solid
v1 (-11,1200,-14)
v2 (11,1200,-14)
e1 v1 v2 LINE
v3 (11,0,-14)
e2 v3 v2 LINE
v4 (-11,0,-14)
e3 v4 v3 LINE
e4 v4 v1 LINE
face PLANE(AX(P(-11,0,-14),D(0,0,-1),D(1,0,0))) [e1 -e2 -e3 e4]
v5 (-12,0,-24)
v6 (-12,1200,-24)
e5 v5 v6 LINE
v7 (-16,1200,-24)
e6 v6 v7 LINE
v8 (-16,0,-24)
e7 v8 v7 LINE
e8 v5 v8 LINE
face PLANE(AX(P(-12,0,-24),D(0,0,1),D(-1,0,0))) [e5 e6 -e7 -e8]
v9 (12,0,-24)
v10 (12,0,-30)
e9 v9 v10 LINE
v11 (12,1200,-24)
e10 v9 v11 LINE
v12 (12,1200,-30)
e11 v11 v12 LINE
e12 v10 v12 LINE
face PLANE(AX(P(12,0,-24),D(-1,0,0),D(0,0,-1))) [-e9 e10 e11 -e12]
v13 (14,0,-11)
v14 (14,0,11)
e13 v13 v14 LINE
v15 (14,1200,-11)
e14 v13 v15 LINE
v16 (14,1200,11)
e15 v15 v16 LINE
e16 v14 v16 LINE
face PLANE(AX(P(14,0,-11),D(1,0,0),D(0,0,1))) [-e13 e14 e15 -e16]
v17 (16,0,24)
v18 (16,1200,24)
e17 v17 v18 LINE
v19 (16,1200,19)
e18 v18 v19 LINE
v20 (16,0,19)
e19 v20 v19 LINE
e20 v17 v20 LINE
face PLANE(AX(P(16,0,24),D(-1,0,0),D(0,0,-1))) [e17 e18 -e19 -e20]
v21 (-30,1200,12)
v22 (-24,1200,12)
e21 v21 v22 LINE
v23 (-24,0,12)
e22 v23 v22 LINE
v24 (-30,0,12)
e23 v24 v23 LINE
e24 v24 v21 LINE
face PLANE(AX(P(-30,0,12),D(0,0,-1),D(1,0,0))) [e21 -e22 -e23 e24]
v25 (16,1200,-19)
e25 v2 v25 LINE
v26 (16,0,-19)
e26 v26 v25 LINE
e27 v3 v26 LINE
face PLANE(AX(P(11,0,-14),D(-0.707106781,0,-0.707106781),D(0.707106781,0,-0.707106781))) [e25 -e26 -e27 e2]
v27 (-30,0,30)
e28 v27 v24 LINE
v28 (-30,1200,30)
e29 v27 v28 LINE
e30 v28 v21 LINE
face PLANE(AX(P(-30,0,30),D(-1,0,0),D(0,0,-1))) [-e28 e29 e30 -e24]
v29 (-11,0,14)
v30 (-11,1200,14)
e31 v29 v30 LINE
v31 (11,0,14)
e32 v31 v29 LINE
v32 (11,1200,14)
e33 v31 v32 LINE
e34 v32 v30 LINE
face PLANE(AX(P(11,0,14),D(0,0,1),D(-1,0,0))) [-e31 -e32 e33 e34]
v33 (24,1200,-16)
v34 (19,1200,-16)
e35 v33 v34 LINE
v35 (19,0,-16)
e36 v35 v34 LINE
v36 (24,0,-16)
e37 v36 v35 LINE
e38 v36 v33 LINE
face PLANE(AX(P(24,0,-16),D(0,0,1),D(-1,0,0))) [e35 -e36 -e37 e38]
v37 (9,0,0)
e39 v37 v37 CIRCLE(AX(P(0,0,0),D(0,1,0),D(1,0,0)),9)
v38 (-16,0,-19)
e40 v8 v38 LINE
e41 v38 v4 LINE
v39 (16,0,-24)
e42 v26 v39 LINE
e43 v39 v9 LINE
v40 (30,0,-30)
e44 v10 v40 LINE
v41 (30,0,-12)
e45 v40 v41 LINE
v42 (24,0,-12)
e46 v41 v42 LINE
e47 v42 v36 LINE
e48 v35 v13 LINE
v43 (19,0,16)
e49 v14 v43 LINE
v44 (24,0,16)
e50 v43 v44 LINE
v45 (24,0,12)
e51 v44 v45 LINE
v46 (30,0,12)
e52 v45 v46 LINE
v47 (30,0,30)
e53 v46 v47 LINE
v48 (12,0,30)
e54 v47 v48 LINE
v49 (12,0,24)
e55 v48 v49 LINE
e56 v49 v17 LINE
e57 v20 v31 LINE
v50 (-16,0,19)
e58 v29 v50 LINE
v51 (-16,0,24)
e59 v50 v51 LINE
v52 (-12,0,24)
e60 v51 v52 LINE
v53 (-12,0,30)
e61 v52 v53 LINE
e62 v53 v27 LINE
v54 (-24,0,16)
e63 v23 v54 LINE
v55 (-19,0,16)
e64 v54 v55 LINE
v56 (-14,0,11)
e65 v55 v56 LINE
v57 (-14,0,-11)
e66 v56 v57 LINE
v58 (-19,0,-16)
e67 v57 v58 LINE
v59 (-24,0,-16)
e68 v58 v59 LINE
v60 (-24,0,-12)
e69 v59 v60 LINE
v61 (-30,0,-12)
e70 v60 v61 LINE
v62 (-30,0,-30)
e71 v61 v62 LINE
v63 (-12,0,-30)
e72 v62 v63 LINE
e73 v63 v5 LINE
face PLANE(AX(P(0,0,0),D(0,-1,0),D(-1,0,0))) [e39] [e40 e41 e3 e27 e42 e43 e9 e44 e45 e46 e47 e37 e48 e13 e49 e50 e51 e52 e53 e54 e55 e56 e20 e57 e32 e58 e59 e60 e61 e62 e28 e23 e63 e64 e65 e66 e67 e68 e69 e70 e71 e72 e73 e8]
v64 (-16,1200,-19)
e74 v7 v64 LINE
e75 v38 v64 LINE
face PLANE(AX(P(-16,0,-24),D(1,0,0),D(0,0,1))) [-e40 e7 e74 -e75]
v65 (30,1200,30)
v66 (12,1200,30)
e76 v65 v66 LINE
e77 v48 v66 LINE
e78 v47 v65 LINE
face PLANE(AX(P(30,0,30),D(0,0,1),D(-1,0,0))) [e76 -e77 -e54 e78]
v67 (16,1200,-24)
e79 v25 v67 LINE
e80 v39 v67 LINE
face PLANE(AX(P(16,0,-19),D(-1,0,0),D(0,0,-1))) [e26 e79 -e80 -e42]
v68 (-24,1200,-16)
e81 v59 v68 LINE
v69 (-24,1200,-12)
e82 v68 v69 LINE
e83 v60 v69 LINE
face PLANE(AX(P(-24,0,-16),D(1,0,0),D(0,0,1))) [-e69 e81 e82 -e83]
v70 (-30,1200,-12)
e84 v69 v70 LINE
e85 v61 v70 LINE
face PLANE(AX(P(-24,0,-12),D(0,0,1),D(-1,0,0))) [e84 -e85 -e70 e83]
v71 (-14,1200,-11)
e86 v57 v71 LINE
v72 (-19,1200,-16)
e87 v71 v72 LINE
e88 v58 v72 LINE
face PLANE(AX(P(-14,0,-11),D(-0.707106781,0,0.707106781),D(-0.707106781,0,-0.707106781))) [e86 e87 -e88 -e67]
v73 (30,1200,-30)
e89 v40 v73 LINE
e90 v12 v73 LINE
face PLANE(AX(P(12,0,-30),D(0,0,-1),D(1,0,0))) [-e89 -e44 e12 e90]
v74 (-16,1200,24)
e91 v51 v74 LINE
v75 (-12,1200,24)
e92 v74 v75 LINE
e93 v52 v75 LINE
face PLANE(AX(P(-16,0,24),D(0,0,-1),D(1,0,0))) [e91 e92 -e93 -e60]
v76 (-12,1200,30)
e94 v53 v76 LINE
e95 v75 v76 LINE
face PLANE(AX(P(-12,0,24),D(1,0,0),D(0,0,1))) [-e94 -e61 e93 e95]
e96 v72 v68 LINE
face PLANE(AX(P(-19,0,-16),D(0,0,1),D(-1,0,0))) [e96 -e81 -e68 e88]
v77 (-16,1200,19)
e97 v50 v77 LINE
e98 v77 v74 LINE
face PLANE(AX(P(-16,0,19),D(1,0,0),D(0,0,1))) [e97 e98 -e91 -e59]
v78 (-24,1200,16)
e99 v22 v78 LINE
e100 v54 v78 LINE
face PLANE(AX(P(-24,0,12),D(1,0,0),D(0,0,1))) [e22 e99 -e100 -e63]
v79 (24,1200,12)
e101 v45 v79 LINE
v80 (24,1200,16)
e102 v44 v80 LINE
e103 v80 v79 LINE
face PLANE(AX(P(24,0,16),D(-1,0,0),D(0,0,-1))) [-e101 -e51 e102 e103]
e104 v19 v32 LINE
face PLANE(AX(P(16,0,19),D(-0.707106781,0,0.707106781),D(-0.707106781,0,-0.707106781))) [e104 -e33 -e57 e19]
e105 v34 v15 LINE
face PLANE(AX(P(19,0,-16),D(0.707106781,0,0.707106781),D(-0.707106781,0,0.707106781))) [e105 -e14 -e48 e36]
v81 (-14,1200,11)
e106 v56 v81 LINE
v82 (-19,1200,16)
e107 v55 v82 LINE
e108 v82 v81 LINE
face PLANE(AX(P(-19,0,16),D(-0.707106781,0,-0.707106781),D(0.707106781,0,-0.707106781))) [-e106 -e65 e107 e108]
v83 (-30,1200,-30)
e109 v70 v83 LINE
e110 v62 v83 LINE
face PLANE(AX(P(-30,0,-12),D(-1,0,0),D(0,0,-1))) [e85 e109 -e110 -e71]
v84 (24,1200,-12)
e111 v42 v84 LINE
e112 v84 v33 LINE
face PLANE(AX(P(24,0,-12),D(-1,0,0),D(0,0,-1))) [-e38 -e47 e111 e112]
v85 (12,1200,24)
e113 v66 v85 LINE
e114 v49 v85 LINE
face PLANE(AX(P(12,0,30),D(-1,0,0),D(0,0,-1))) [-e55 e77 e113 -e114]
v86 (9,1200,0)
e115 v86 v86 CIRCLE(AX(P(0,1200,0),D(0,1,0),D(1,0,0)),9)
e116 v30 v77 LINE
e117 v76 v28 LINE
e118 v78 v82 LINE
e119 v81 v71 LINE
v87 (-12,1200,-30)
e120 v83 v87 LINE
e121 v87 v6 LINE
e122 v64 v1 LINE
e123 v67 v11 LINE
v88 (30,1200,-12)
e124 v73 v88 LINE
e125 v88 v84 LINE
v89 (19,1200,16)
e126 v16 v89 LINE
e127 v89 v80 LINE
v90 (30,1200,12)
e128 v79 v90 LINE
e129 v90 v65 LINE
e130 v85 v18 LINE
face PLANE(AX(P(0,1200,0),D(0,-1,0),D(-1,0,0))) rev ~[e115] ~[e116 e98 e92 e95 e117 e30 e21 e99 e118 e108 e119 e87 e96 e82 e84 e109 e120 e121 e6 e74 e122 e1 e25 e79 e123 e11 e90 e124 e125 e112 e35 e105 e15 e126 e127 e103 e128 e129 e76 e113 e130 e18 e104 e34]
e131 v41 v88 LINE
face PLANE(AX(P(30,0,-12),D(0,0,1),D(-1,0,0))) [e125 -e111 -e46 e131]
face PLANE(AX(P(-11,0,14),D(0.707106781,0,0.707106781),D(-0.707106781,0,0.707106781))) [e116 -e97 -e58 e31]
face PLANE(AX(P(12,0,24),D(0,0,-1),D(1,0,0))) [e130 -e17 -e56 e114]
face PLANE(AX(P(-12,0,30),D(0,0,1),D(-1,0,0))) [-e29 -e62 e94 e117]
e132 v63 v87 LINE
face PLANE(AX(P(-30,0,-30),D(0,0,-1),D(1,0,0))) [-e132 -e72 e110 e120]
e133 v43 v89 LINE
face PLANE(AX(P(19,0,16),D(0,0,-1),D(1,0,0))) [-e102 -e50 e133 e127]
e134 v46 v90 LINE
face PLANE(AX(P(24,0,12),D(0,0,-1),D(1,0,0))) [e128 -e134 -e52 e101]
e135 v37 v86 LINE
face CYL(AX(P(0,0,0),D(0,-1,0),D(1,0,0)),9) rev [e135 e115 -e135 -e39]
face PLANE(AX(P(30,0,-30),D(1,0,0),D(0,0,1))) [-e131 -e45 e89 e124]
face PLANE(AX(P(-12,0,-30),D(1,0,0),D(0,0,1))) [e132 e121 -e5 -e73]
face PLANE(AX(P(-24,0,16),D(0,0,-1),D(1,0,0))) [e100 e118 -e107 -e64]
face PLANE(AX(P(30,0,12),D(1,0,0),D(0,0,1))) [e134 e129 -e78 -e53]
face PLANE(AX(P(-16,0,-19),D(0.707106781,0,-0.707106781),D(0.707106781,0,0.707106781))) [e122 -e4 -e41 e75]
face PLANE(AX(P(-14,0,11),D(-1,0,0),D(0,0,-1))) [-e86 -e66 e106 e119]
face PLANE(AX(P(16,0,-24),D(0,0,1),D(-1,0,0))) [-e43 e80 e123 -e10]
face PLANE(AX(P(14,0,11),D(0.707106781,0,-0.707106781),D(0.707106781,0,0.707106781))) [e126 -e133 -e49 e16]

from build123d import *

# Parameters (mm, degrees)
SKETCH1_R           = 9
BOSS_EXTRUDE1_DEPTH = 1200


with BuildPart() as part:
    # Sketch1 → Boss-Extrude1 (new body)
    with BuildSketch(Plane(origin=(0, 0, 0), x_dir=(1, 0, 0), z_dir=(0, 1, 0))):
        Polygon((-30, 30), (-12, 30), (-12, 24), (-16, 24), (-16, 19), (-11, 14), (11, 14), (16, 19), (16, 24), (12, 24), (12, 30), (30, 30), (30, 12), (24, 12), (24, 16), (19, 16), (14, 11), (14, -11), (19, -16), (24, -16), (24, -12), (30, -12), (30, -30), (12, -30), (12, -24), (16, -24), (16, -19), (11, -14), (-11, -14), (-16, -19), (-16, -24), (-12, -24), (-12, -30), (-30, -30), (-30, -12), (-24, -12), (-24, -16), (-19, -16), (-14, -11), (-14, 11), (-19, 16), (-24, 16), (-24, 12), (-30, 12), align=None)
        Circle(SKETCH1_R, mode=Mode.SUBTRACT)
    extrude(amount=BOSS_EXTRUDE1_DEPTH)


solid = part.part
